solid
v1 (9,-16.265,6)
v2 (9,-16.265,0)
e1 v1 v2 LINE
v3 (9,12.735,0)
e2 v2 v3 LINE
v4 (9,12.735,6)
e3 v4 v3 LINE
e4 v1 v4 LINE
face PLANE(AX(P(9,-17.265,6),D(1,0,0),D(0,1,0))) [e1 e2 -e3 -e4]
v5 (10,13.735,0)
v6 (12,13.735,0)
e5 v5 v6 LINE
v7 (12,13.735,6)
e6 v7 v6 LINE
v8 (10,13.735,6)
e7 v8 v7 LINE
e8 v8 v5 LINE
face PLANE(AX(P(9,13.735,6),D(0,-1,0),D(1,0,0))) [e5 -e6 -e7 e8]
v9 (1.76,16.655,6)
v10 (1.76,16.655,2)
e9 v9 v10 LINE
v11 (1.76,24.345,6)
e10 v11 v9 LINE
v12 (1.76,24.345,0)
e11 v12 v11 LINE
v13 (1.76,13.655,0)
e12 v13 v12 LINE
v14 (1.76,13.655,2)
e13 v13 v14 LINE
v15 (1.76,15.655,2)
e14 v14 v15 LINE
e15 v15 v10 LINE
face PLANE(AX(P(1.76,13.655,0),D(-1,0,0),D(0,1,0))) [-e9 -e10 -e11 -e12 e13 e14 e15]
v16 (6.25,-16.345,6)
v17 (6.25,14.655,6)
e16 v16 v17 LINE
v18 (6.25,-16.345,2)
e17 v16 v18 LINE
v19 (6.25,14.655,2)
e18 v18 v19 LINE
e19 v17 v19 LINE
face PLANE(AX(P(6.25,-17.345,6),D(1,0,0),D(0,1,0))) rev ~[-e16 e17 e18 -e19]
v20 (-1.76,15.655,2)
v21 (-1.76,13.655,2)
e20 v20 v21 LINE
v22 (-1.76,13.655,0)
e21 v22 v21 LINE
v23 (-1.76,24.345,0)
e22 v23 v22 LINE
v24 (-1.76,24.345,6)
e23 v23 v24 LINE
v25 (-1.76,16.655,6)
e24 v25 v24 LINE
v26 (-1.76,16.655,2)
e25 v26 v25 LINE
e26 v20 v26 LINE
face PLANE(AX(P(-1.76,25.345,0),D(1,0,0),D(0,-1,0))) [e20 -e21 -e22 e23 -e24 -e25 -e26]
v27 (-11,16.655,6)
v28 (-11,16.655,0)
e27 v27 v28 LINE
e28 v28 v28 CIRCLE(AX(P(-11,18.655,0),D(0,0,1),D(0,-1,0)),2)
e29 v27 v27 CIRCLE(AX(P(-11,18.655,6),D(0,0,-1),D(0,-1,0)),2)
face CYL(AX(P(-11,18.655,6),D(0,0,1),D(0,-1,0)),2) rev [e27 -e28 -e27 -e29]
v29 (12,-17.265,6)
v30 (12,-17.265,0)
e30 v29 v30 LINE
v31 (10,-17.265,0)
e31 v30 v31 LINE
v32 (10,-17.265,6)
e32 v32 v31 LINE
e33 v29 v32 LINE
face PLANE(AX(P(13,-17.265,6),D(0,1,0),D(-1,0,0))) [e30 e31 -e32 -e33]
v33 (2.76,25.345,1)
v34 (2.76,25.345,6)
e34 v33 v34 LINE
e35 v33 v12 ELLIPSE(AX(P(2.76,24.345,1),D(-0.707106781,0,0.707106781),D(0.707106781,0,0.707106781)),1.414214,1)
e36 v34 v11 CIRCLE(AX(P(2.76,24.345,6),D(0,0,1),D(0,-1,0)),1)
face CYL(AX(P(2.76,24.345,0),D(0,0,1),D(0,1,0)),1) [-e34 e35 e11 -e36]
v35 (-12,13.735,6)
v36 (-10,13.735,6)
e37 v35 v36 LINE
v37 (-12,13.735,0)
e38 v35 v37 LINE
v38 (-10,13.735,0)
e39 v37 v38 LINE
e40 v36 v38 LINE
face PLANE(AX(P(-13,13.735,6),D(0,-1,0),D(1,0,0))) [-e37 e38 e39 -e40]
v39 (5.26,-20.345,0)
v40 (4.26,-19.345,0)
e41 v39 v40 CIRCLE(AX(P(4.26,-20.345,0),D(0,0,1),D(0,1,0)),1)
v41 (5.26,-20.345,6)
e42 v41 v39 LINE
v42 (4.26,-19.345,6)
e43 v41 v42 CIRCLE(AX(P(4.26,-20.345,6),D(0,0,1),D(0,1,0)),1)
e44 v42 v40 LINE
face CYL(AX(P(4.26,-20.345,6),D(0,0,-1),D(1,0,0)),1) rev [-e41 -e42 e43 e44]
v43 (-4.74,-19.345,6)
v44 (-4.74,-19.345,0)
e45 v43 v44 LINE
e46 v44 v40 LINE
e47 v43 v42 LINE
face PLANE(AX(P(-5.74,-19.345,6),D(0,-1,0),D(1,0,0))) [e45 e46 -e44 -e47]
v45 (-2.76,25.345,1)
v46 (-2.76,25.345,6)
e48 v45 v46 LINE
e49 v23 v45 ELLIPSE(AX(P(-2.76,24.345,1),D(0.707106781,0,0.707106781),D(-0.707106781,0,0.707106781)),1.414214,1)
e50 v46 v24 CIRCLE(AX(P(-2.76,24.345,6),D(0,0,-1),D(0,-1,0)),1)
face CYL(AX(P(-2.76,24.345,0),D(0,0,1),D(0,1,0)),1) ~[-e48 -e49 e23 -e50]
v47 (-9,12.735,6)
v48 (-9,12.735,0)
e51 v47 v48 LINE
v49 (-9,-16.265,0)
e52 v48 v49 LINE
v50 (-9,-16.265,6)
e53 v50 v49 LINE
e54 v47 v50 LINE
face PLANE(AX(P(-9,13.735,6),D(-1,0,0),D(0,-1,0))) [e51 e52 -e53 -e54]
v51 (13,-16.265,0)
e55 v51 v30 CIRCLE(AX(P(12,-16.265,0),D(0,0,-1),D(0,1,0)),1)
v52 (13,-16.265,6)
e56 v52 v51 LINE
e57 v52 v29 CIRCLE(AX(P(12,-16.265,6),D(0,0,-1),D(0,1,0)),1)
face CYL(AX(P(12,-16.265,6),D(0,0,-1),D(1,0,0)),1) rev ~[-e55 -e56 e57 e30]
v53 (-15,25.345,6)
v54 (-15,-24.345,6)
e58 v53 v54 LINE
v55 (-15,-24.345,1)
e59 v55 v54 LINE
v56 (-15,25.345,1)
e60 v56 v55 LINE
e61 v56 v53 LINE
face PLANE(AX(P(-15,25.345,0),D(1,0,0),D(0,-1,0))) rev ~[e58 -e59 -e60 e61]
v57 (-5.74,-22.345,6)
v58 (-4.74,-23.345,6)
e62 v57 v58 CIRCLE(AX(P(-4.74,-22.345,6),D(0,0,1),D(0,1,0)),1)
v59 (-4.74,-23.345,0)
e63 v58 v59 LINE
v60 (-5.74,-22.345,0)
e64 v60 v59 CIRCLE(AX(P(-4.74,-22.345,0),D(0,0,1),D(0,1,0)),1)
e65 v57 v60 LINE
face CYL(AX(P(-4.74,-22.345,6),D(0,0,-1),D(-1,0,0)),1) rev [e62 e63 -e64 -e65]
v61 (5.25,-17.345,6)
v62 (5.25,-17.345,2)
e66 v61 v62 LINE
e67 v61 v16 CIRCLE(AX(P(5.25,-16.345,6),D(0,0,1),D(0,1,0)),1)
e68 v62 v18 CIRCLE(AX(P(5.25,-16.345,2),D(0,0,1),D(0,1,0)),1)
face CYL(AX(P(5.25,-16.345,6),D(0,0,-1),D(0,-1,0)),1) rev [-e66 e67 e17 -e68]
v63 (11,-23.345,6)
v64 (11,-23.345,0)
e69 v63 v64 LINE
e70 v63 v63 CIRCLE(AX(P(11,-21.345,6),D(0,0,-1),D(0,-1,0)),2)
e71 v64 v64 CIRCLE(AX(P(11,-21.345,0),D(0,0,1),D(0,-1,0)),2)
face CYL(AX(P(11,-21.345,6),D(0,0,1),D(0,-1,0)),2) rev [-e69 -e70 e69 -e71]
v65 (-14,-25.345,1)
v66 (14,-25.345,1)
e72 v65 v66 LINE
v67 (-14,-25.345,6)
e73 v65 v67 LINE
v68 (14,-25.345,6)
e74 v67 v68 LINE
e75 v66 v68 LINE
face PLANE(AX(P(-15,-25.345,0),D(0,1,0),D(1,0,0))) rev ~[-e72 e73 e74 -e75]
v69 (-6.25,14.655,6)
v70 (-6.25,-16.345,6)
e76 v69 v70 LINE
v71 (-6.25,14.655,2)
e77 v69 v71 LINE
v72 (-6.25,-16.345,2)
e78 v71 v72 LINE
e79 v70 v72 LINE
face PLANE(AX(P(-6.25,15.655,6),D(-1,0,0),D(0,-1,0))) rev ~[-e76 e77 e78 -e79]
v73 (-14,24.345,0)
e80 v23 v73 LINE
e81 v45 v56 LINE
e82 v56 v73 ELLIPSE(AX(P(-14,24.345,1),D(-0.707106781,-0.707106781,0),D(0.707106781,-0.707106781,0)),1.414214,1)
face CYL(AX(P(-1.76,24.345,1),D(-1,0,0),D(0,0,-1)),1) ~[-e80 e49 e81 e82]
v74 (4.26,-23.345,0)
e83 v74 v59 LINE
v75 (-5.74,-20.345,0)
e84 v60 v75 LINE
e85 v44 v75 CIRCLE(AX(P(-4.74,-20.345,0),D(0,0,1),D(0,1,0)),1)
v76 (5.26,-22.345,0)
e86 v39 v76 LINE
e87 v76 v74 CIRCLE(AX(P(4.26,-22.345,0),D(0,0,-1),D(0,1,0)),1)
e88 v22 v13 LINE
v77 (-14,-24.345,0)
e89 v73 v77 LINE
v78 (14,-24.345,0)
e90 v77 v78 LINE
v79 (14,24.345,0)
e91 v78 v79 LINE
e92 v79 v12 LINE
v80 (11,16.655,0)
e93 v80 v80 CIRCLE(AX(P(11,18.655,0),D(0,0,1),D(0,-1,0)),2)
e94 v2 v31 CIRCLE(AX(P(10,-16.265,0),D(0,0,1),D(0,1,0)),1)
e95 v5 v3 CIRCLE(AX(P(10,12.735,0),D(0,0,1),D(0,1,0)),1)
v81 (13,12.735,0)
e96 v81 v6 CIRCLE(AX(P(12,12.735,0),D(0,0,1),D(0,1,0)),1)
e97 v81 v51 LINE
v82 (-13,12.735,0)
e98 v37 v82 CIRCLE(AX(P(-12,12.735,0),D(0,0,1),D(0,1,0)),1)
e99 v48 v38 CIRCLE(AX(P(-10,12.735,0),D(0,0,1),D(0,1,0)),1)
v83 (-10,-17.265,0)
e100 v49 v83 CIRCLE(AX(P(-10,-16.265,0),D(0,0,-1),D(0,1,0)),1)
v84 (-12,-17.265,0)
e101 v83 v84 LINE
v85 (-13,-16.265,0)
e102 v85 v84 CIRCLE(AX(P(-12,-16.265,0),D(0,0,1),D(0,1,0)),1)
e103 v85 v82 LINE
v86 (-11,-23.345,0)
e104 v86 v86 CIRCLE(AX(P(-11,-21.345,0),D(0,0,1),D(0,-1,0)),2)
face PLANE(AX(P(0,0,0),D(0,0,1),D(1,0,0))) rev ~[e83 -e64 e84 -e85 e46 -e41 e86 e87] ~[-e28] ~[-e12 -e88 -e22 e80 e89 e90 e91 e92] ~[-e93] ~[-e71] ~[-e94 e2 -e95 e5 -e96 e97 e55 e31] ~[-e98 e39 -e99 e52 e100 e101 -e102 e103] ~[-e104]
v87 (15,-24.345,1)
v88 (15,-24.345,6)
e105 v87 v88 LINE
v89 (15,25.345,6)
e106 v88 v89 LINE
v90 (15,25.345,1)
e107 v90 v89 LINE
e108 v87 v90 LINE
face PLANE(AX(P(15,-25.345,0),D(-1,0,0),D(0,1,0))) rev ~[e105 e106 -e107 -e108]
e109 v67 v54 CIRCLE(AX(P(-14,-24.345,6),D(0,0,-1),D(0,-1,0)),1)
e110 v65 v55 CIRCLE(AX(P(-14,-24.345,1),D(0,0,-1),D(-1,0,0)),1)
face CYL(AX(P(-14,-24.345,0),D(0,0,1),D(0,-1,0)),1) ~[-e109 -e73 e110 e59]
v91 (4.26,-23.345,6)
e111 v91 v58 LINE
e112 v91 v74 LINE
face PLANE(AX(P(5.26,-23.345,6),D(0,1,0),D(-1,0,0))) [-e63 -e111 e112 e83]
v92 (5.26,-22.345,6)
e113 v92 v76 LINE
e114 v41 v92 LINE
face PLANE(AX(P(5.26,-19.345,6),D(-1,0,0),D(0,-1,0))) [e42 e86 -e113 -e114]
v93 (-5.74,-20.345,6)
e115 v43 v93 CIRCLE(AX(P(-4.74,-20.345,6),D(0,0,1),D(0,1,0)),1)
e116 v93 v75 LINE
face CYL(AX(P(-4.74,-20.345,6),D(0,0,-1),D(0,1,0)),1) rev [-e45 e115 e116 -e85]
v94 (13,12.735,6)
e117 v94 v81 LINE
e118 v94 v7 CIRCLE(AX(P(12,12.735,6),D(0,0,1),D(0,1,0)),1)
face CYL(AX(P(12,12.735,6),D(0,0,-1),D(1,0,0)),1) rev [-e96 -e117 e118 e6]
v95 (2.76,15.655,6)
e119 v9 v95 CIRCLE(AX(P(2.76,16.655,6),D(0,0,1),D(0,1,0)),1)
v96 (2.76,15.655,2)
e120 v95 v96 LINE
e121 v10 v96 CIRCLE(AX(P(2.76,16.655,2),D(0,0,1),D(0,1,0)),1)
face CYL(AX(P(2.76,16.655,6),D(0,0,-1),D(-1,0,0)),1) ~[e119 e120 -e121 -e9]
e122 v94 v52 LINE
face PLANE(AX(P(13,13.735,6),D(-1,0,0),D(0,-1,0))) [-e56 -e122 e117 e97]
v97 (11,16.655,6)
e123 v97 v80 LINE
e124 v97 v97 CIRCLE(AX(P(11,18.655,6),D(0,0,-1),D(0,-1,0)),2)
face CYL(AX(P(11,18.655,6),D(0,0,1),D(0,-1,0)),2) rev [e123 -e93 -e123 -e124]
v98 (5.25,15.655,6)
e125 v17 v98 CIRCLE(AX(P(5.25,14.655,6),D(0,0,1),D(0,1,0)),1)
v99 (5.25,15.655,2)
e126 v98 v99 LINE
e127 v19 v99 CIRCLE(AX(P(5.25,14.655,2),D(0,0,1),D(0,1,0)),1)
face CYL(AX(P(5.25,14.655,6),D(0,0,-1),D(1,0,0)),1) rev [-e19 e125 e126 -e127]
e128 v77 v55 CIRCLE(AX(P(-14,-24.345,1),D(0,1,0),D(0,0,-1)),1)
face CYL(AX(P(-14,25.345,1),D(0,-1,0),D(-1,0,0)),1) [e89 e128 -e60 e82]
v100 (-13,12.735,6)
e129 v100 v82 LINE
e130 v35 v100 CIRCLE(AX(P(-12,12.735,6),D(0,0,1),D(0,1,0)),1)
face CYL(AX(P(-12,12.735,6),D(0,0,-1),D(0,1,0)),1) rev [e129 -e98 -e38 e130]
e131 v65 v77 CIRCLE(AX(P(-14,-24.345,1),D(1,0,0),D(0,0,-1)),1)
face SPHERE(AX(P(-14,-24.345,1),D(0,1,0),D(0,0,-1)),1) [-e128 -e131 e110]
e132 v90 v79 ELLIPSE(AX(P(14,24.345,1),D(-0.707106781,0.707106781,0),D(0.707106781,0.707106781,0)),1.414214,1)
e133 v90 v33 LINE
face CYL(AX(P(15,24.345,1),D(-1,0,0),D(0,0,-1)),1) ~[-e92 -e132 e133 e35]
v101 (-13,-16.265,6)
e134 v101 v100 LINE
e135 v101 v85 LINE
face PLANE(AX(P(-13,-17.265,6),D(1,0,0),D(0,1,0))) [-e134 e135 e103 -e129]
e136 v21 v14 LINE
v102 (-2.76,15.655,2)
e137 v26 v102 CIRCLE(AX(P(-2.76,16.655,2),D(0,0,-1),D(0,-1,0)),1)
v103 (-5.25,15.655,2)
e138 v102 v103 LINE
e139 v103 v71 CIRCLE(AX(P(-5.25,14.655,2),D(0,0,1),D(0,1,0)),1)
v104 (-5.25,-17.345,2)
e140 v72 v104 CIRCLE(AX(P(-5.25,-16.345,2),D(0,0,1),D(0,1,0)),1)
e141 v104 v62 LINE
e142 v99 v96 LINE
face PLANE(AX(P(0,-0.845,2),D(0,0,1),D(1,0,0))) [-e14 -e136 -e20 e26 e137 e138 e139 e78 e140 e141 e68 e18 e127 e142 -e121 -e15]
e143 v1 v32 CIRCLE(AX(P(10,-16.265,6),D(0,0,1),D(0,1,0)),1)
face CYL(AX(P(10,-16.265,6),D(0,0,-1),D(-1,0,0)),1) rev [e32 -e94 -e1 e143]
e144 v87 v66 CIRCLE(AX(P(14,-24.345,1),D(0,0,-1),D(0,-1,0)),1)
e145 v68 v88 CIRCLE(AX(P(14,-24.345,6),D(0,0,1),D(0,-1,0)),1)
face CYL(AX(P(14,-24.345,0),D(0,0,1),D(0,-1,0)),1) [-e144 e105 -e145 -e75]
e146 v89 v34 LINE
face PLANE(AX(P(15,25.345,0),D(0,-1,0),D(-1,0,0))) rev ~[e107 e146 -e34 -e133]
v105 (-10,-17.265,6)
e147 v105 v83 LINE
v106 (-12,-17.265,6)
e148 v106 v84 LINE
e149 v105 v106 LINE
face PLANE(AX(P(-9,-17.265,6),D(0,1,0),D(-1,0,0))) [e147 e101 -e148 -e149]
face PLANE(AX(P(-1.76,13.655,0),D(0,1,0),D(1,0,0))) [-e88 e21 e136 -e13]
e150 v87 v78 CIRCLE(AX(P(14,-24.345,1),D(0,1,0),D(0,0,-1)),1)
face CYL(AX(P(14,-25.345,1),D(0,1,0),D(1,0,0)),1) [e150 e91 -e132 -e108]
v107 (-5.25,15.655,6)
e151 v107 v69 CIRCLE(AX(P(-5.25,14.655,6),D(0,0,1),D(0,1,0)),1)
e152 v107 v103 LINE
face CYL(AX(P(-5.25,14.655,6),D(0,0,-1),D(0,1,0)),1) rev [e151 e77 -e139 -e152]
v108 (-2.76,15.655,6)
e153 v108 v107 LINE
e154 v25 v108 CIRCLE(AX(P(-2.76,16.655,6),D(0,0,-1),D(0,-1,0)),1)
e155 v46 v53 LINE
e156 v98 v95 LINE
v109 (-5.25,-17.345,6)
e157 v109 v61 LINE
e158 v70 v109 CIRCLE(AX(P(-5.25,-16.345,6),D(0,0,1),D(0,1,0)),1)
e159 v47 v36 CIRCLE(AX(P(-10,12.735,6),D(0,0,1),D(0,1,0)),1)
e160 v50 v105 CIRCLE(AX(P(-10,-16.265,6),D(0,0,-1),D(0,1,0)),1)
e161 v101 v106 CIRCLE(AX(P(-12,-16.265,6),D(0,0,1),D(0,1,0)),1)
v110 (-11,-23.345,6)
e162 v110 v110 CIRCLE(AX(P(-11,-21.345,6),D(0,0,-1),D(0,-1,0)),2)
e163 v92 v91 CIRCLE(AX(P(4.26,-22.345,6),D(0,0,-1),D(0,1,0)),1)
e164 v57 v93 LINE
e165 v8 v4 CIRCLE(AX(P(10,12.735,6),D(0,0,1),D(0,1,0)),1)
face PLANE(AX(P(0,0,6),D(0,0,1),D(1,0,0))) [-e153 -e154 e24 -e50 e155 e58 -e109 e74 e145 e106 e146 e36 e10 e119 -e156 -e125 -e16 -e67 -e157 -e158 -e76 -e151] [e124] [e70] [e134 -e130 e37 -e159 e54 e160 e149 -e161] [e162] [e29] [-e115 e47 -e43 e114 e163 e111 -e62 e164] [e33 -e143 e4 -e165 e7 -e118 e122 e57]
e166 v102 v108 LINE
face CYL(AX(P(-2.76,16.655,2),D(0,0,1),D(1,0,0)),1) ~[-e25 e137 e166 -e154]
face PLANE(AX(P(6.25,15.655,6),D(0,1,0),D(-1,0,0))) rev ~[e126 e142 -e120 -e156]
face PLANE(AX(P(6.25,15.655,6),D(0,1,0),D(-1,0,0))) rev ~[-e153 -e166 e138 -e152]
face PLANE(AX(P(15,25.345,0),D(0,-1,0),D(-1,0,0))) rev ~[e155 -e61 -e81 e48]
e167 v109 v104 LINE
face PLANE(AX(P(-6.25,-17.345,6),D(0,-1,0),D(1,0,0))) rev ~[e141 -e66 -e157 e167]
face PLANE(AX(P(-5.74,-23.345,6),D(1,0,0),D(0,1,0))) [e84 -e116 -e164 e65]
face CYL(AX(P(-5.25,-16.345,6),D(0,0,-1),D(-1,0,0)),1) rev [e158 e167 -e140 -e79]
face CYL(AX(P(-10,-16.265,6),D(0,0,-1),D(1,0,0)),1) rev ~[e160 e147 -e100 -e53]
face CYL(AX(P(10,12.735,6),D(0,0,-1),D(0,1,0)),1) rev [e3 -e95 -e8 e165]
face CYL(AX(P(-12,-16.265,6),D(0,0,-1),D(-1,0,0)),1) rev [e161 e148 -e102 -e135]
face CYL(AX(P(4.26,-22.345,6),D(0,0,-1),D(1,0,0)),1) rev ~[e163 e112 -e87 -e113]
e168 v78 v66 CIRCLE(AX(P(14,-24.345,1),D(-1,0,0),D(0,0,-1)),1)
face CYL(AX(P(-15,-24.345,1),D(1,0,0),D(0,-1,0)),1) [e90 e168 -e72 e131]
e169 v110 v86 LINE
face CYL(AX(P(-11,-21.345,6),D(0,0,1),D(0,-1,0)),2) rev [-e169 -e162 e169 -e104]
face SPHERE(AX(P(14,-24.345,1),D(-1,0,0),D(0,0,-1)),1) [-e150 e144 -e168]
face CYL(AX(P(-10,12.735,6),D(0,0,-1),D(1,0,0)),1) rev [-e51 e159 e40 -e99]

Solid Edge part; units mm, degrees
sketch "Sketch1" plane through (0, 0, 0) normal (0, 0, 1) x (1, 0, 0)
  line L0 (-15, -25.345) -> (15, -25.345)
  line L1 (15, -25.345) -> (15, 25.345)
  line L2 (15, 25.345) -> (-15, 25.345)
  line L3 (-15, 25.345) -> (-15, -25.345)
  dimension "D1" = 30
  dimension "D2" = 50.69
extrude "Protrusion1" add sketch "Sketch1" along normal blind 6
hole "Hole1" at (-11, 18.655, 6) direction (0, 0, -1) diameter 4 end up to next
hole "Hole2" at (11, 18.655, 6) direction (0, 0, -1) diameter 4 end up to next
hole "Hole3" at (-11, -21.345, 6) direction (0, 0, -1) diameter 4 end up to next
hole "Hole4" at (11, -21.345, 6) direction (0, 0, -1) diameter 4 end up to next
sketch "Sketch2" plane through (0, 0, 0) normal (0, 0, -1) x (1, 0, 0)
  line L0 (1.76, -25.345) -> (-1.76, -25.345)
  line L1 (-1.76, -25.345) -> (-1.76, -13.655)
  line L2 (-1.76, -13.655) -> (1.76, -13.655)
  line L3 (1.76, -13.655) -> (1.76, -25.345)
  dimension "D1" = 11.69
  dimension "D2" = 13.24
  dimension "D3" = 13.24
extrude "Cutout1" cut sketch "Sketch2" against normal through all
sketch "Sketch3" plane through (0, 0, 6) normal (0, 0, 1) x (0, 1, 0)
  line L0 (-17.345, -6.25) -> (15.655, -6.25)
  line L1 (15.655, -6.25) -> (15.655, 6.25)
  line L2 (15.655, 6.25) -> (-17.345, 6.25)
  line L3 (-17.345, 6.25) -> (-17.345, -6.25)
  dimension "D1" = 33
  dimension "D2" = 12.5
  dimension "D3" = 8
  dimension "D4" = 8.75
extrude "Utskärning_för_batteriet" cut sketch "Sketch3" against normal blind 4
sketch "Sketch4" plane through (0, 0, 6) normal (0, 0, 1) x (-1, 0, 0)
  line L0 (-5.26, 23.345) -> (5.74, 23.345)
  line L1 (5.74, 23.345) -> (5.74, 19.345)
  line L2 (5.74, 19.345) -> (-5.26, 19.345)
  line L3 (-5.26, 19.345) -> (-5.26, 23.345)
  line L4 (9, 17.265) -> (13, 17.265)
  line L5 (13, 17.265) -> (13, -13.735)
  line L6 (13, -13.735) -> (9, -13.735)
  line L7 (9, -13.735) -> (9, 17.265)
  line L8 (-13, 17.265) -> (-9, 17.265)
  line L9 (-9, 17.265) -> (-9, -13.735)
  line L10 (-9, -13.735) -> (-13, -13.735)
  line L11 (-13, -13.735) -> (-13, 17.265)
  dimension "D1" = 11
  dimension "D2" = 4
  dimension "D3" = 2
  dimension "D4" = 5.26
  dimension "D5" = 4
  dimension "D6" = 31
  dimension "D7" = 4
  dimension "D8" = 31
  dimension "D9" = 2
  dimension "D10" = 2
  dimension "D11" = 8.08
  dimension "D12" = 8.08
extrude "Cutout2" cut sketch "Sketch4" against normal through all
fillet "Avrundningar_1" radius 1 27 edges at (-15, 0, 0) (0, -25.345, 0) (15, 0, 0) (-15, -25.345, 3) (15, -25.345, 3) (-8.38, 25.345, 0) (-1.76, 25.345, 3) (1.76, 25.345, 3) (8.38, 25.345, 0) (6.25, -17.345, 4) (-6.25, -17.345, 4) (-6.25, 15.655, 4) (6.25, 15.655, 4) (13, -17.265, 3) (9, -17.265, 3) (9, 13.735, 3) (13, 13.735, 3) (-9, 13.735, 3) (-13, 13.735, 3) (-13, -17.265, 3) (-9, -17.265, 3) (5.26, -23.345, 3) (-5.74, -23.345, 3) (5.26, -19.345, 3) (-5.74, -19.345, 3) (1.76, 15.655, 4) (-1.76, 15.655, 4)
